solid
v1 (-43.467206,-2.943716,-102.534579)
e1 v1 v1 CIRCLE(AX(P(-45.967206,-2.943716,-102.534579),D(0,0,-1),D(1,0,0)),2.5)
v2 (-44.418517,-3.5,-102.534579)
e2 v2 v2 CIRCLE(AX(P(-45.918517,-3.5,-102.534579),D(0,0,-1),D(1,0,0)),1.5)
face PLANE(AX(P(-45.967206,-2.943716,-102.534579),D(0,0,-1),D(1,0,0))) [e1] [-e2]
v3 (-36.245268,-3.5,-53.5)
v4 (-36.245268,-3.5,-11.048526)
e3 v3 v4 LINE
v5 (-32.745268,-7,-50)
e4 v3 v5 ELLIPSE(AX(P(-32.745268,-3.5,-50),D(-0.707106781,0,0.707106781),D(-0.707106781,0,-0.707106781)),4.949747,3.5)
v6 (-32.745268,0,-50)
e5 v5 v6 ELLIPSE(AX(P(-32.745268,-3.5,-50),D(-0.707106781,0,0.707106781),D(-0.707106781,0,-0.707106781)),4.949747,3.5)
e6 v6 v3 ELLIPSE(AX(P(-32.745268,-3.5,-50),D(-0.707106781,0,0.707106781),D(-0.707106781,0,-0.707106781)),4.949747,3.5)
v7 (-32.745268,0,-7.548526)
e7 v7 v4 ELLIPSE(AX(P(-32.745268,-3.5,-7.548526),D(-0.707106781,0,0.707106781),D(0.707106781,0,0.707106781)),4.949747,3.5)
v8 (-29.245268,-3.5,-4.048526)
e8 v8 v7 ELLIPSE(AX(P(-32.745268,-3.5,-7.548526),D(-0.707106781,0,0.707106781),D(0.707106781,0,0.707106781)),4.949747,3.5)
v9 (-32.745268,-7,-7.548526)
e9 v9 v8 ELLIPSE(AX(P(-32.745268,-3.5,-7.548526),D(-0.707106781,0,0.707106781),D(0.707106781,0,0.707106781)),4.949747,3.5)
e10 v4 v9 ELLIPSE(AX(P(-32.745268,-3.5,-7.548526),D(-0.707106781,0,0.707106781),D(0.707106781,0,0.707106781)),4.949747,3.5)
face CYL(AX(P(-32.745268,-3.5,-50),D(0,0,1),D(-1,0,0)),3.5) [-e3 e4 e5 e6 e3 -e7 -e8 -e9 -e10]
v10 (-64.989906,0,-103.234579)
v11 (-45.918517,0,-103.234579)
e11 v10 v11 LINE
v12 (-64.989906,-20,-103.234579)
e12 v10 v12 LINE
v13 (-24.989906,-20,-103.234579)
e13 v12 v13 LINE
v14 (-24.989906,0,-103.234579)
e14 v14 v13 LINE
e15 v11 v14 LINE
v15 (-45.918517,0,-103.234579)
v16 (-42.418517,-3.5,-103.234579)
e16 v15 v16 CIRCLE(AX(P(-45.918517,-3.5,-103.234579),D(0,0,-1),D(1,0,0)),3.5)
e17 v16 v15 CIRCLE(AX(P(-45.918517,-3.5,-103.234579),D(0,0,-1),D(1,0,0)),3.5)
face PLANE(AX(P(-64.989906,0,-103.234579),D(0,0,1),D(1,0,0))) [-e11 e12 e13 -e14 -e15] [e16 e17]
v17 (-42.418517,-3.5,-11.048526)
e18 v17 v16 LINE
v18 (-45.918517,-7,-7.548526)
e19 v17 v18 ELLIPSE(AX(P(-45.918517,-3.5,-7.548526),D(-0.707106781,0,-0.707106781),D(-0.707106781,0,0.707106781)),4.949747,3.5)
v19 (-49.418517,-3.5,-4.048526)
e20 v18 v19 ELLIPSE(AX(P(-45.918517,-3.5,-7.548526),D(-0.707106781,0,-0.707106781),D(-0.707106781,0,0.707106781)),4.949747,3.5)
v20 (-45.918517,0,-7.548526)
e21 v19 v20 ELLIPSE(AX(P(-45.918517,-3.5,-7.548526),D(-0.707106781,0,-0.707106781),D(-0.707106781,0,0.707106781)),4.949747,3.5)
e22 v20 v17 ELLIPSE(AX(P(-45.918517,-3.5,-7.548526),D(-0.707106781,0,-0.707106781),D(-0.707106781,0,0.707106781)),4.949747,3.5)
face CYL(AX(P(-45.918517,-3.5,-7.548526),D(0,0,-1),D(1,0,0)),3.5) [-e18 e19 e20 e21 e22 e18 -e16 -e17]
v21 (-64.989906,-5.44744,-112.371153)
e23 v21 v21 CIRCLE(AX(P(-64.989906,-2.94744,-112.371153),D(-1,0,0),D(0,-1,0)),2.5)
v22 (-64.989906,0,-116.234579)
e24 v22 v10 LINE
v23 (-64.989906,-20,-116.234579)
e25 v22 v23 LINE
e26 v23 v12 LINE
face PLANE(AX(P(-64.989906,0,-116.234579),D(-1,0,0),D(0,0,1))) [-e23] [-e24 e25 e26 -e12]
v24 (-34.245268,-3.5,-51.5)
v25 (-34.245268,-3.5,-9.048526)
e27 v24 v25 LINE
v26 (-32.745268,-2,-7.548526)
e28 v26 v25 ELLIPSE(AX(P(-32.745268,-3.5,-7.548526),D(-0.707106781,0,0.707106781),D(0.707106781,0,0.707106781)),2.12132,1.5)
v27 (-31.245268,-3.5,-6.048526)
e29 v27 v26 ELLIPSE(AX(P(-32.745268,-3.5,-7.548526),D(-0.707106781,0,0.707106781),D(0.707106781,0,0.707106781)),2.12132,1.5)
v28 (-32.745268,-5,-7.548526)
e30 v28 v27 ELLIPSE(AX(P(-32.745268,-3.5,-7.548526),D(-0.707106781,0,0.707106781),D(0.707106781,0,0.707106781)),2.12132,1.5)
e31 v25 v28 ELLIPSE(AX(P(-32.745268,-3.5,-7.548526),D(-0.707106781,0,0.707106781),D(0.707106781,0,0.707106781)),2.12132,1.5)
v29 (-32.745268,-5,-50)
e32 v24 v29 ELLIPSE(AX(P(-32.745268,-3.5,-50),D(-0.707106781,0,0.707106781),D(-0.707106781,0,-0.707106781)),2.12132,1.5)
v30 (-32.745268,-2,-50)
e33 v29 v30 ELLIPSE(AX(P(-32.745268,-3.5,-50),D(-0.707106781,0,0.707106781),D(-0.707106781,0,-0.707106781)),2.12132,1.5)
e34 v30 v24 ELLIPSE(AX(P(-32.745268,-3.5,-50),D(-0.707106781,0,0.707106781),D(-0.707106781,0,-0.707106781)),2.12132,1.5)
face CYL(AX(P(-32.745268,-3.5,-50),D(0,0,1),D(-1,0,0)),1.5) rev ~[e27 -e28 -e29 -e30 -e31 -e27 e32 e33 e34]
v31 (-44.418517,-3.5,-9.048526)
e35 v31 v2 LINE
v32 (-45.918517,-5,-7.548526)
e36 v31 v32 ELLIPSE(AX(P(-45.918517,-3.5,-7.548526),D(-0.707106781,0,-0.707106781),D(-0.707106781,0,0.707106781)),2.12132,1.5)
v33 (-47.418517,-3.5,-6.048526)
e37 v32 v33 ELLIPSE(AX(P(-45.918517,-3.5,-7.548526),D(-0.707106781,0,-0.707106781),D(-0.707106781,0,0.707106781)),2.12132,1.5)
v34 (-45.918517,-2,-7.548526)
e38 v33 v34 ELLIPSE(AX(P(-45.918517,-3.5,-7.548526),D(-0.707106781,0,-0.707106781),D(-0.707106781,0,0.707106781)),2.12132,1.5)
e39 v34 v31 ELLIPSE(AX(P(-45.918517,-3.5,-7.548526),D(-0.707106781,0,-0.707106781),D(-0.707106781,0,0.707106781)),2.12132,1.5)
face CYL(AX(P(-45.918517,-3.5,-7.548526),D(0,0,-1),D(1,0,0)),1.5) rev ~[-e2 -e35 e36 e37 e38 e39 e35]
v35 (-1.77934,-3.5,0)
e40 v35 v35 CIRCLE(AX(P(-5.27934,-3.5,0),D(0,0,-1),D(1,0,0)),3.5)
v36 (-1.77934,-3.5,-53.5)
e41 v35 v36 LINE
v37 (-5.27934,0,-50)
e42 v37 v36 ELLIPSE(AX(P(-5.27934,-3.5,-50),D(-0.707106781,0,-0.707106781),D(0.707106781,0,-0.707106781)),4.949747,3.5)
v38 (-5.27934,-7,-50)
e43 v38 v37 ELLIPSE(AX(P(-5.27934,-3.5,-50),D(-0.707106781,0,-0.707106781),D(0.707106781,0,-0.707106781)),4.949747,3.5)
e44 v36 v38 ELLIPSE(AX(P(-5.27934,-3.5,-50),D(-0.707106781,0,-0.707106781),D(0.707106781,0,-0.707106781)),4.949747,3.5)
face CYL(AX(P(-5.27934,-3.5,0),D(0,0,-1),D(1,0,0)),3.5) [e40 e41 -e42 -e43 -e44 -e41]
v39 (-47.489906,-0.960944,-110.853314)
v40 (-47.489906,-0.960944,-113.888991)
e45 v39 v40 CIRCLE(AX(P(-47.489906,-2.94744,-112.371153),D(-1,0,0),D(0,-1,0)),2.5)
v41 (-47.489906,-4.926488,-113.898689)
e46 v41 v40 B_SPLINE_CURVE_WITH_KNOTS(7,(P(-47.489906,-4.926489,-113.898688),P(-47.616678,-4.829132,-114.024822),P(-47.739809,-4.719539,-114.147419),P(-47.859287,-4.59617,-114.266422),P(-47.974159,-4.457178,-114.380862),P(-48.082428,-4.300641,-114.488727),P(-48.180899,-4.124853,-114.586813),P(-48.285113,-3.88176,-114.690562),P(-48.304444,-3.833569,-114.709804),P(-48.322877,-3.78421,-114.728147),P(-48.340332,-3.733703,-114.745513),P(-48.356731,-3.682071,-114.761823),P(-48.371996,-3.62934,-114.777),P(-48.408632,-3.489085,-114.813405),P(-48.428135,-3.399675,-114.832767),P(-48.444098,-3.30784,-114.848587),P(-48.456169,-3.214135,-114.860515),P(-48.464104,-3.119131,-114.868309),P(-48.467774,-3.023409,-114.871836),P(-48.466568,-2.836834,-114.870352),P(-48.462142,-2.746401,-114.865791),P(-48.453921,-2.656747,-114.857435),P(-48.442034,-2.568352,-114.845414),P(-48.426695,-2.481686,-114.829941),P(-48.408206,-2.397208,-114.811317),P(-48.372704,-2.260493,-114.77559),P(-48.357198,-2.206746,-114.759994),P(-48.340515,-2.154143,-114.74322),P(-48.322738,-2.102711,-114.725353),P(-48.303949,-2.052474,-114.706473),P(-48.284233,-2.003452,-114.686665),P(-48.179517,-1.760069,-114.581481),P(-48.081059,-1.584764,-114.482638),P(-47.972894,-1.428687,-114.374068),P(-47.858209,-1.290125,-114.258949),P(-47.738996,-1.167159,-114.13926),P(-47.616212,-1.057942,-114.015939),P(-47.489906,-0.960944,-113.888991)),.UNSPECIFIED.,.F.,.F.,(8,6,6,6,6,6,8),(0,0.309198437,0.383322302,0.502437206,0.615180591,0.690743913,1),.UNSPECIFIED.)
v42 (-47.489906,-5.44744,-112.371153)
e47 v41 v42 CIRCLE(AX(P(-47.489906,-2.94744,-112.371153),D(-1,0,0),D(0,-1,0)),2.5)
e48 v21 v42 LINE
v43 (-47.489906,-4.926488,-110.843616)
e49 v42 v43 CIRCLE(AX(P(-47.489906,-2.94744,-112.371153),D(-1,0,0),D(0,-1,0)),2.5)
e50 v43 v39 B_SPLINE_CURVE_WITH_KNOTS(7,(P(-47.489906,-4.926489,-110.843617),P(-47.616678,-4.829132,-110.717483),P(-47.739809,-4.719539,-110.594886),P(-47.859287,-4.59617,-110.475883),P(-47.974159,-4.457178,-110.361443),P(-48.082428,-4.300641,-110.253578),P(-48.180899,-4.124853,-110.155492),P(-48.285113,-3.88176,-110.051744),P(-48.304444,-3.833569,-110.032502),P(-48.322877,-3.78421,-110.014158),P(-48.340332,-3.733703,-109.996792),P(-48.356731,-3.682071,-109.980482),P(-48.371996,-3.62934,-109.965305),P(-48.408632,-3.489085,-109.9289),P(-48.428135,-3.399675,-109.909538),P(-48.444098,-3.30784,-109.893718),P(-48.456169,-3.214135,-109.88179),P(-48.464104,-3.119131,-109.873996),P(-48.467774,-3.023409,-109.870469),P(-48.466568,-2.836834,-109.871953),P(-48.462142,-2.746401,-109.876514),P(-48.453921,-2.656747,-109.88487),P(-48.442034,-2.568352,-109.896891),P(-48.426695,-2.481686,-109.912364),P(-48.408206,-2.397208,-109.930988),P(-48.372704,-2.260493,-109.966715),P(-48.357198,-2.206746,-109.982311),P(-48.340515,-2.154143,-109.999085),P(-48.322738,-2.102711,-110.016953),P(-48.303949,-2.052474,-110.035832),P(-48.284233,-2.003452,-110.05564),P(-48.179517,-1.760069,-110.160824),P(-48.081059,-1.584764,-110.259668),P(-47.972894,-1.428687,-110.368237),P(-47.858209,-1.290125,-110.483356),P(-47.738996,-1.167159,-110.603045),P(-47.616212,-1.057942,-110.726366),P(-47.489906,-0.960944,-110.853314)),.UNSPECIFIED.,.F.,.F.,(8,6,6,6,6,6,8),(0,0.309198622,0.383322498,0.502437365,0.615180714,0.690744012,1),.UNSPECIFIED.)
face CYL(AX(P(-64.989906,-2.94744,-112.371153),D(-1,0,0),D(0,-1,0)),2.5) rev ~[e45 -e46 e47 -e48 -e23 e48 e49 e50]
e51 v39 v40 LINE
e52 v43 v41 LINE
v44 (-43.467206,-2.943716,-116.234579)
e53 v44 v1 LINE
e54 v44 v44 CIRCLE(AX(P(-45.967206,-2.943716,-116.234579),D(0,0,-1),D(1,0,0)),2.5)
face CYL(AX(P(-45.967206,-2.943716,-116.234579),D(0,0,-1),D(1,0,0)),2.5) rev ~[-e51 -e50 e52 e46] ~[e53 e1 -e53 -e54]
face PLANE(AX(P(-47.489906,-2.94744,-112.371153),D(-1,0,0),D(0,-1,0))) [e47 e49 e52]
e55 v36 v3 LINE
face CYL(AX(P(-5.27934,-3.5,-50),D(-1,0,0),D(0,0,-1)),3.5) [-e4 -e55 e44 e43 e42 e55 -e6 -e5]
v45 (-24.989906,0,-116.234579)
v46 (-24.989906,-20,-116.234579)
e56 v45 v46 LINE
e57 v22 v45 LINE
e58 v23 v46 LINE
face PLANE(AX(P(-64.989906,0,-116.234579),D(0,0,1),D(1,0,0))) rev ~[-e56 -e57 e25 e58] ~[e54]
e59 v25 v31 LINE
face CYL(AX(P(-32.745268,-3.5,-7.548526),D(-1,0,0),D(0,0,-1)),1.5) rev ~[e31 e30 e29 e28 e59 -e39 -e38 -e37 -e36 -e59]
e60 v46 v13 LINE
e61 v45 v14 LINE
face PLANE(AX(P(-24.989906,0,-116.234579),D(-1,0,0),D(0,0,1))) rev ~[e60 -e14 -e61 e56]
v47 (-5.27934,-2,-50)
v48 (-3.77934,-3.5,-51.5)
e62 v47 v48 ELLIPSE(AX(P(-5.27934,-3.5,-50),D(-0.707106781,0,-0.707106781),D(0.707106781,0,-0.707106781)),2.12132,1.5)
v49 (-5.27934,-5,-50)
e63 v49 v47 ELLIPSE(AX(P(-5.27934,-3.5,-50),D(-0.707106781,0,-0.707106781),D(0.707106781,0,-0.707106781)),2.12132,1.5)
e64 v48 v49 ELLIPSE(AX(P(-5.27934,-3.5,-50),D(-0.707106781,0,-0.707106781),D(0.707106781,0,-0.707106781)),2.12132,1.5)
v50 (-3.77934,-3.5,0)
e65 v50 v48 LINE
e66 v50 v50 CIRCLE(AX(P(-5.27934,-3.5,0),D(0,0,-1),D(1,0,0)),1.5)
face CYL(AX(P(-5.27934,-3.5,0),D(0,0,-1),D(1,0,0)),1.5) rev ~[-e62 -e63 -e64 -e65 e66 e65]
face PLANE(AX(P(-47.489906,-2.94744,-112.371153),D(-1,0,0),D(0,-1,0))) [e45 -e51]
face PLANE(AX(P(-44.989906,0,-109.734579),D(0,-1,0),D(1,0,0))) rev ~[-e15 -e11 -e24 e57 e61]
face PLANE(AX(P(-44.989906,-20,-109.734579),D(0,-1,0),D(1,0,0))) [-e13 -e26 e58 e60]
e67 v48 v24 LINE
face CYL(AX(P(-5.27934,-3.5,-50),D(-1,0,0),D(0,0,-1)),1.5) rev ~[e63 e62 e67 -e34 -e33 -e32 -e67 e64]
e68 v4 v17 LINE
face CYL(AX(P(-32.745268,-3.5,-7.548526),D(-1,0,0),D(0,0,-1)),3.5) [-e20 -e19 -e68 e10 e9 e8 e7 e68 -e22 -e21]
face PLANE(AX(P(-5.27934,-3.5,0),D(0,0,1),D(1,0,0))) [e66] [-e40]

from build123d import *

# Parameters (mm, degrees)
F1_R     = 3.5
F1_R_2   = 1.5
F4_W     = 40
F4_H     = 13
F5_DEPTH = 20
F6_R     = 2.5
F7_DEPTH = 17.5
F8_R     = 2.5
F9_DEPTH = 13.7


with BuildPart() as f3:
    # F3: sweep along a path in F2
    with BuildLine(Plane.XZ) as f3_path:
        Line((-5.2793398216, 0), (-5.2793398216, -50))
        Line((-5.2793398216, -50), (-32.7452681959, -50))
        Line((-32.7452681959, -50), (-32.7452681959, -7.5485259295))
        Line((-32.7452681959, -7.5485259295), (-45.9185168147, -7.5485259295))
        Line((-45.9185168147, -7.5485259295), (-45.9185168147, -111.4290356636))
    # F1 (on Top) → F3 (sweep)
    with BuildSketch(Plane.XY):
        with Locations((-5.2793398216, -3.5)):
            Circle(F1_R)
        with Locations((-5.2793398216, -3.5)):
            Circle(F1_R_2, mode=Mode.SUBTRACT)
    sweep(path=f3_path.line, transition=Transition.RIGHT)

    # F4 (on face) → F5 (join)
    with BuildSketch(Plane.XZ):
        with Locations((-44.9899062514, -109.7345791803)):
            Rectangle(F4_W, F4_H)
    extrude(amount=F5_DEPTH)

    # F6 (on face) → F7 (cut)
    with BuildSketch(Plane(origin=(-64.9899062514, 0, 0), x_dir=(0, -1, 0), z_dir=(-1, 0, 0))):
        with Locations((2.9474398464, -112.3711525504)):
            Circle(F6_R)
    extrude(amount=-F7_DEPTH, mode=Mode.SUBTRACT)

    # F8 (on face) → F9 (cut)
    with BuildSketch(Plane(origin=(0, 0, -116.2345791803), x_dir=(1, 0, 0), z_dir=(0, 0, -1))):
        with Locations((-45.9672063589, 2.9437162448)):
            Circle(F8_R)
    extrude(amount=-F9_DEPTH, mode=Mode.SUBTRACT)


solid = f3.part
